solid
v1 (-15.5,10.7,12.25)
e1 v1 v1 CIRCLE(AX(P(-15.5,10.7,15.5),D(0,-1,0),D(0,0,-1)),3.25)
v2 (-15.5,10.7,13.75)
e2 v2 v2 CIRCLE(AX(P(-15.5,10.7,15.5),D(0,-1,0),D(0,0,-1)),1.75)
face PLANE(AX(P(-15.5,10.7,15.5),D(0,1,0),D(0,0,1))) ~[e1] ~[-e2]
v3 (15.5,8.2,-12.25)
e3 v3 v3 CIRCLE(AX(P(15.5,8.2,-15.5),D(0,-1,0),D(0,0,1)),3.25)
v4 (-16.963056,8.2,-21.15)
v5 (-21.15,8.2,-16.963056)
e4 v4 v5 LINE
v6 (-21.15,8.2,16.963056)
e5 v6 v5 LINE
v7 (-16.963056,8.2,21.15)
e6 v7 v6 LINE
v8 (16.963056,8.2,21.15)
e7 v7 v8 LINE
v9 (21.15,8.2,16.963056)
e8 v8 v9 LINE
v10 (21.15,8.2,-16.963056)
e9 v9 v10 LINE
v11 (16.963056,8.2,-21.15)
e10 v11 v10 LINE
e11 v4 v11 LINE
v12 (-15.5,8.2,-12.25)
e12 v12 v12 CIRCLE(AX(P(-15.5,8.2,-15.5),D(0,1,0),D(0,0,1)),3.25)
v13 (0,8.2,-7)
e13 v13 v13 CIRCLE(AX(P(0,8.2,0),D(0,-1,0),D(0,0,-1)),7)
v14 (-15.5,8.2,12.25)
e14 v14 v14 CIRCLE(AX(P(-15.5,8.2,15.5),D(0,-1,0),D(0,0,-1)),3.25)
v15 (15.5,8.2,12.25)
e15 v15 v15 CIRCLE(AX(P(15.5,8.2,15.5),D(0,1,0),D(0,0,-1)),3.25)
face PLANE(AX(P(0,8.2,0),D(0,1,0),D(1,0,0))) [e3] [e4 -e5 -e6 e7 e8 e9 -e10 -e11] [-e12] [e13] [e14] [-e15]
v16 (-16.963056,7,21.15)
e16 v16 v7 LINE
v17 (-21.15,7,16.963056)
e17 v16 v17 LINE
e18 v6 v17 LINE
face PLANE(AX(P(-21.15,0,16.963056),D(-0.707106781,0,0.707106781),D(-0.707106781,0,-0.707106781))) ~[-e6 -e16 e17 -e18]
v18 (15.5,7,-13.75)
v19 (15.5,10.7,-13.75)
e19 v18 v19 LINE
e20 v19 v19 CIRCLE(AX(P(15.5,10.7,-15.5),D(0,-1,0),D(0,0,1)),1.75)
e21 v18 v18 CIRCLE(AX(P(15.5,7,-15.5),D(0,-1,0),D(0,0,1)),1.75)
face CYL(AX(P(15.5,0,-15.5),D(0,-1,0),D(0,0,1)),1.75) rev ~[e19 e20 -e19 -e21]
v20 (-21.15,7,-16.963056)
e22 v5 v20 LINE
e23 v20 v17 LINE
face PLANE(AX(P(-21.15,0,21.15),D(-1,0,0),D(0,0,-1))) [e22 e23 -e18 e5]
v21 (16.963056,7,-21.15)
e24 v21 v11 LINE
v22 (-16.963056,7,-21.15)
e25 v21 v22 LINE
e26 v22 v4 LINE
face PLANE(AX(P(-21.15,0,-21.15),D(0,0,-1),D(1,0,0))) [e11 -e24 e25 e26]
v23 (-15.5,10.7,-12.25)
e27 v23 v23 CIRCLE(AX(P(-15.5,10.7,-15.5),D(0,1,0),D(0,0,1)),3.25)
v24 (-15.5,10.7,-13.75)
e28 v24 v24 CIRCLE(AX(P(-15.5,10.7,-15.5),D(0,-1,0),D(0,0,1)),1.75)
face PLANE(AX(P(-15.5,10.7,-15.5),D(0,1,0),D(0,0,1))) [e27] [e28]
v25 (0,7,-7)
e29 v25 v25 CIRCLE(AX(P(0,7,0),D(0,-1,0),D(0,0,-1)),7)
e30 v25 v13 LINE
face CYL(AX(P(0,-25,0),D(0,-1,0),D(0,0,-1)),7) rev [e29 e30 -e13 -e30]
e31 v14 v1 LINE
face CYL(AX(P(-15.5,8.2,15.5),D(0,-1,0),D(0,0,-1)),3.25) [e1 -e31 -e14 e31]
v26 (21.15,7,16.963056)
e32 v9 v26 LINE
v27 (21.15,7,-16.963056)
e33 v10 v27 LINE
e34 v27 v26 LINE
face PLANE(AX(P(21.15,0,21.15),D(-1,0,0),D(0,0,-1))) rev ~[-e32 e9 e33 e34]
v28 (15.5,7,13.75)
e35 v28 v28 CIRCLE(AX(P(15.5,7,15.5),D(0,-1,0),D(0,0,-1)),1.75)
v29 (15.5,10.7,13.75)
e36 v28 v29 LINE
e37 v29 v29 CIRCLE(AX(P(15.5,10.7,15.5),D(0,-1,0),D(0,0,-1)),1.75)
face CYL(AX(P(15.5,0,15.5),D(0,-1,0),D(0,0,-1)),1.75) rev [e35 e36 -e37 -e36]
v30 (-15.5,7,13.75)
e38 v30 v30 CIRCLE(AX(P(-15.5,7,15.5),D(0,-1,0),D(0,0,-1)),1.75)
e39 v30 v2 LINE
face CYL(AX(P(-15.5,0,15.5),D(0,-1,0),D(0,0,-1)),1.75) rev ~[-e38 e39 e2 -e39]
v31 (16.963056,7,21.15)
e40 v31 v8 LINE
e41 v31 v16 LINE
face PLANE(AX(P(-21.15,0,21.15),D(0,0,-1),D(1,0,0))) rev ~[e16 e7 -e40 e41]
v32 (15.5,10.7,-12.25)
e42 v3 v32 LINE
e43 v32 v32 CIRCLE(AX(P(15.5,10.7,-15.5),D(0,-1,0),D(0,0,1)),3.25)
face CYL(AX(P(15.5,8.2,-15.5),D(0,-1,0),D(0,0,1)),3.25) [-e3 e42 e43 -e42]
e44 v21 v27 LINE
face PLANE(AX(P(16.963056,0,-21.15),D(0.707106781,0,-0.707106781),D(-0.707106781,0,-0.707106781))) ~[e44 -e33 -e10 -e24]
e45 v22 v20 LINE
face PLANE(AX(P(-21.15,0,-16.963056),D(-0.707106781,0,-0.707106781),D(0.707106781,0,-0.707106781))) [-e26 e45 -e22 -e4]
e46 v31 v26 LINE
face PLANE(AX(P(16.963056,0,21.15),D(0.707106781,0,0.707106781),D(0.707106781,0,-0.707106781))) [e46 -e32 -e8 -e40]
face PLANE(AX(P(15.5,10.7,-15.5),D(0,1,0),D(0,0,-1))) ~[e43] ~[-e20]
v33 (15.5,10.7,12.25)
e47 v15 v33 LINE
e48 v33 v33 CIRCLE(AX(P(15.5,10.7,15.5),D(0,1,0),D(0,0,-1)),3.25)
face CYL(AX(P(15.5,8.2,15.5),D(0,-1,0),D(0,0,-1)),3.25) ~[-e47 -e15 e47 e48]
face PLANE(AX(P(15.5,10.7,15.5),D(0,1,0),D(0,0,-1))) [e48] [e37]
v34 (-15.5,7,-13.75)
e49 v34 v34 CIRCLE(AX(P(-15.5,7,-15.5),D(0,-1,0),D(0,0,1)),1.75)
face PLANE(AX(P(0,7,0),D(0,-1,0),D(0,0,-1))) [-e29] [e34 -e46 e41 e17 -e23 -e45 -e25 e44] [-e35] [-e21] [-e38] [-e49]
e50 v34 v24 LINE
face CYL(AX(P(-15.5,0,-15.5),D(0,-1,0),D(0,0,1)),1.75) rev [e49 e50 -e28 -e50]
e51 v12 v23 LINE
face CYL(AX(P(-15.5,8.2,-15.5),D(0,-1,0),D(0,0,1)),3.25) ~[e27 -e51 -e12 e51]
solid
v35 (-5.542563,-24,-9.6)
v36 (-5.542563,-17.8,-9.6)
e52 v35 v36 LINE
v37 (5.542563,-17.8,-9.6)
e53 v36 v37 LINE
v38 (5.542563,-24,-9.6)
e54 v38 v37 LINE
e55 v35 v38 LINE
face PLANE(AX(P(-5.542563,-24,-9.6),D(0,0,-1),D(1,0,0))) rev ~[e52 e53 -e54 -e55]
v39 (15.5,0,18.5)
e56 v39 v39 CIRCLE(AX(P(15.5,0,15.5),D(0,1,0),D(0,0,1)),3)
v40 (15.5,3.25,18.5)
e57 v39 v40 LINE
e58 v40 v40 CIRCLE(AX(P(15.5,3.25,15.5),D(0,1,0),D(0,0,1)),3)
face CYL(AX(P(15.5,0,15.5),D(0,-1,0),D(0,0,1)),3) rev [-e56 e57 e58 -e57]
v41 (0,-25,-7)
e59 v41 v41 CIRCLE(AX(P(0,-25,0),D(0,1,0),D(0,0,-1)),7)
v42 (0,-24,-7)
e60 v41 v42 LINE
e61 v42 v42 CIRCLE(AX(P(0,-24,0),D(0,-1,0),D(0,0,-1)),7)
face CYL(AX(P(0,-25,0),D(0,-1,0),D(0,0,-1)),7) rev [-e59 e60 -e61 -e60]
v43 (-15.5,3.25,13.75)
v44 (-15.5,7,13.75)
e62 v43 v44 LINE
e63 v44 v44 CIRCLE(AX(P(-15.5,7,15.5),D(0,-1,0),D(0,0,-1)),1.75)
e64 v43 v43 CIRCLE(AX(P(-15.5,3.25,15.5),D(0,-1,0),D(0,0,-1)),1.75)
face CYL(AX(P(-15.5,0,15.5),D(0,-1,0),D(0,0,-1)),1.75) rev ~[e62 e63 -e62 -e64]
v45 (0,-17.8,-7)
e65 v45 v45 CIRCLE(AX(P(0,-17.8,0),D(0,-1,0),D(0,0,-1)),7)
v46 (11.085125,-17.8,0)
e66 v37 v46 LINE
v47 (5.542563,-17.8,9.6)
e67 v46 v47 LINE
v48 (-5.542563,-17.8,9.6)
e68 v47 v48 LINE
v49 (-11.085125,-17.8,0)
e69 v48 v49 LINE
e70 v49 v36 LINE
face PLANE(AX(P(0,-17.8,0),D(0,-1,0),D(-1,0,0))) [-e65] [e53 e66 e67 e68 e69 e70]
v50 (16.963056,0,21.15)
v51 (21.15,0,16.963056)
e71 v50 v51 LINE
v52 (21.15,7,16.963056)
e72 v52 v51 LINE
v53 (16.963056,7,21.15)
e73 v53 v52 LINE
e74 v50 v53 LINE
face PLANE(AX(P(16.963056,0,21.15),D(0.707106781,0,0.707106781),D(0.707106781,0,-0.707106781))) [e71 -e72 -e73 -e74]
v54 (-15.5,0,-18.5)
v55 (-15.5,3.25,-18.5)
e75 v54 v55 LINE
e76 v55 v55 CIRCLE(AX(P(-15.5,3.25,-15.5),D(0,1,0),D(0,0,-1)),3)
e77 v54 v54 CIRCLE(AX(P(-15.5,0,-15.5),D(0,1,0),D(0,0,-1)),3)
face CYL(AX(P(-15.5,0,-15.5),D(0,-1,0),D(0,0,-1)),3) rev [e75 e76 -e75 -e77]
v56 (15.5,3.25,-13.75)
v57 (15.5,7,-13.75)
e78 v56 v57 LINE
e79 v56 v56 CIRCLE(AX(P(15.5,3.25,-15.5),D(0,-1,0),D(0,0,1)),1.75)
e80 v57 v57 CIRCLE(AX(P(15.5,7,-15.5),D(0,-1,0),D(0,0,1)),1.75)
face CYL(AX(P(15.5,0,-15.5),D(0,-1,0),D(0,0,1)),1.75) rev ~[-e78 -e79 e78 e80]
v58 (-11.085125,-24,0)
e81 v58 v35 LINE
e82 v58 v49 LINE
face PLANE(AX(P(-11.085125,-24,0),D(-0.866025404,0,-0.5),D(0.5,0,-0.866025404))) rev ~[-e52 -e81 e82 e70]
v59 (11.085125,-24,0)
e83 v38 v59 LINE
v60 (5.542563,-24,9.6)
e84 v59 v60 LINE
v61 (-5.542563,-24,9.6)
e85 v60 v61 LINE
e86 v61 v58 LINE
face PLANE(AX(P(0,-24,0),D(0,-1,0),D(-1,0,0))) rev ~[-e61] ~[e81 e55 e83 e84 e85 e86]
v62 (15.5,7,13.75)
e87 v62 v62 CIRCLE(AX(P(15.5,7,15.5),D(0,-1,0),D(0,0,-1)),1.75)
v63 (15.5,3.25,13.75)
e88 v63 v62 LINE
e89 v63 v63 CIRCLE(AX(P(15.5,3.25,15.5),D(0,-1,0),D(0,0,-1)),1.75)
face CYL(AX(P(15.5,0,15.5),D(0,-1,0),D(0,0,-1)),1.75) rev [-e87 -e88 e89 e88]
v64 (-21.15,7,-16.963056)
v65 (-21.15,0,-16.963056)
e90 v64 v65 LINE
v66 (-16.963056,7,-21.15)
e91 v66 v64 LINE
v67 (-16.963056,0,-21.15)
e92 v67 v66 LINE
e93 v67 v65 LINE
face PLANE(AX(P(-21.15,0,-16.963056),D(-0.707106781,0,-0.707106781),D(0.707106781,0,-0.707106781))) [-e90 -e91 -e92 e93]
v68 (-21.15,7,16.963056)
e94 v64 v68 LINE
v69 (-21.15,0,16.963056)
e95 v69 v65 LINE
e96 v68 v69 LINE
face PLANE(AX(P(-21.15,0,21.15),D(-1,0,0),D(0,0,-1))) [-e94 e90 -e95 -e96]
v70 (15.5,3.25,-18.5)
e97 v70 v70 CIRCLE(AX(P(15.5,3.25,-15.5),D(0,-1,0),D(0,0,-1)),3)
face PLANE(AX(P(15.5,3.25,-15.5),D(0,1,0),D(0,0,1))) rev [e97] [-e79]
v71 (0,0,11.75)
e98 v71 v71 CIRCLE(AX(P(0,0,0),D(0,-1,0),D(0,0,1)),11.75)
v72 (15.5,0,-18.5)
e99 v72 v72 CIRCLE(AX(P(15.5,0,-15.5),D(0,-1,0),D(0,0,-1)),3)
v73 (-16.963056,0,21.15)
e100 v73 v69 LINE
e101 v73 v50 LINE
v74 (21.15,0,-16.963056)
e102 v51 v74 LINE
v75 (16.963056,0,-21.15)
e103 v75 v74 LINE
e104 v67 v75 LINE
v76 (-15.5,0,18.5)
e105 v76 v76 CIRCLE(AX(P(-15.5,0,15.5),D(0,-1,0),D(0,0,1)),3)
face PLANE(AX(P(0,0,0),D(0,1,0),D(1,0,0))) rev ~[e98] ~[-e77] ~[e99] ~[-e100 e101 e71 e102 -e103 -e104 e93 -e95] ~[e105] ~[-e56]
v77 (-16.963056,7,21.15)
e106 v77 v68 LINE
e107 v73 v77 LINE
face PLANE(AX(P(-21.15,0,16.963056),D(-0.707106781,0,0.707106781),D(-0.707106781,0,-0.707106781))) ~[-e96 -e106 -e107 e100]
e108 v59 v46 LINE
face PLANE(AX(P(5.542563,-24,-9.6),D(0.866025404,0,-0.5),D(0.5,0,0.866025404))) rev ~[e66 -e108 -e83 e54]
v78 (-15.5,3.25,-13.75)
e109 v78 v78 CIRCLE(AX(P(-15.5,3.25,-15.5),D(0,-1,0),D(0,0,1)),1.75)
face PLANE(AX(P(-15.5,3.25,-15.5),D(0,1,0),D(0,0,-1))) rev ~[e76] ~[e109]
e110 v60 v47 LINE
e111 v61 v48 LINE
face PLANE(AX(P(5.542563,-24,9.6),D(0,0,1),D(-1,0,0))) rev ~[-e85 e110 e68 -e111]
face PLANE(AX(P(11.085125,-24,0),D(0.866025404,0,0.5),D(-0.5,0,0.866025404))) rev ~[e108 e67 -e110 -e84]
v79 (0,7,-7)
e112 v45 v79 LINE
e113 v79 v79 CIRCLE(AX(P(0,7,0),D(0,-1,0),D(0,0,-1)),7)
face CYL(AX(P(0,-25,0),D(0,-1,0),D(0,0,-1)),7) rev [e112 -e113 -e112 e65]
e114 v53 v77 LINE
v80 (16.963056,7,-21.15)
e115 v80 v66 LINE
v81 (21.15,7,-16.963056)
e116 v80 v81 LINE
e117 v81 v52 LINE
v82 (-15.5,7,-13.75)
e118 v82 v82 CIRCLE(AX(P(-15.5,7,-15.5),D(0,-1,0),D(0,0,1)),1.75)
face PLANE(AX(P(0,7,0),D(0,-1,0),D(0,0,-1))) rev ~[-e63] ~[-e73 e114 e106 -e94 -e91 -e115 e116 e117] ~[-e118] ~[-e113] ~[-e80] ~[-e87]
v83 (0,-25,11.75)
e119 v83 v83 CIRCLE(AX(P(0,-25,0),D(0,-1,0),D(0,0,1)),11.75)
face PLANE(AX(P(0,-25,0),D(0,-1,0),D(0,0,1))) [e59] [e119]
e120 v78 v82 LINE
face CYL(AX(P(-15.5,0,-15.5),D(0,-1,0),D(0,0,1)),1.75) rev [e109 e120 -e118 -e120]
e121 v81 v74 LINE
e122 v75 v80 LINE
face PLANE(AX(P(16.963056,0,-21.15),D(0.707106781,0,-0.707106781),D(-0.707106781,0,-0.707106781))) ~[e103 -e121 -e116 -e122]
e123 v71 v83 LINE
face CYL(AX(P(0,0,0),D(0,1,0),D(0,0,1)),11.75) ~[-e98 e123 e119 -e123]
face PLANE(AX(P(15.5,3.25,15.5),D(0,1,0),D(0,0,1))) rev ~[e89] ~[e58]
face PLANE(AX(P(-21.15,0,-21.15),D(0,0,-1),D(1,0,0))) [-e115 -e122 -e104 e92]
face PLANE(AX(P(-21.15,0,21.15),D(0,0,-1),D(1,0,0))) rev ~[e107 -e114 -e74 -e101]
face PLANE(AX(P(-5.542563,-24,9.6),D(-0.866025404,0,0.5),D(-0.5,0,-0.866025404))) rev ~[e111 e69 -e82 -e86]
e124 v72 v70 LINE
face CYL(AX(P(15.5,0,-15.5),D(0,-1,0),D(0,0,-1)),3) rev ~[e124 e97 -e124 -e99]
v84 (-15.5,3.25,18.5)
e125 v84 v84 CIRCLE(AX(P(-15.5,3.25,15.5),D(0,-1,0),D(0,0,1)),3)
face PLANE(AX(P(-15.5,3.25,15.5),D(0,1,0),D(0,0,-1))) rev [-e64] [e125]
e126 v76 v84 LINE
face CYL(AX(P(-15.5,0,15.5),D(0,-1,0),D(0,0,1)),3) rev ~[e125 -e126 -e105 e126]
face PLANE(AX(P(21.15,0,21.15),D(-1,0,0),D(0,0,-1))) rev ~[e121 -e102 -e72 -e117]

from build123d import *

# Parameters (mm, degrees)
SKETCH1_W               = 42.3
SKETCH1_H               = 42.3
BOSS_EXTRUDE1_DEPTH     = 8.2
CUT_EXTRUDE3_DEPTH      = 32.014270909
SKETCH6_R               = 3.25
BOSS_EXTRUDE2_DEPTH     = 2.5
SKETCH7_R               = 1.75
CUT_EXTRUDE6_DEPTH      = 32.766885274
SKETCH10_R              = 3
CUT_EXTRUDE9_DEPTH      = 3.25
MIRROR5_COPY_1_SKETCH_R = 3.25
MIRROR5_COPY_1_DEPTH    = 2.5
MIRROR5_COPY_2_SKETCH_R = 1.75
MIRROR5_COPY_2_DEPTH    = 32.766885274
MIRROR5_COPY_3_SKETCH_R = 3
MIRROR5_COPY_3_DEPTH    = 3.25
SKETCH11_R              = 11.75
BOSS_EXTRUDE3_DEPTH     = 25
CUT_EXTRUDE10_START     = -1
CUT_EXTRUDE10_DEPTH     = 6.2
SKETCH8_R               = 7
CUT_EXTRUDE11_DEPTH     = 47.573973419


with BuildPart() as part:
    # Sketch1 → Boss-Extrude1 (new body)
    with BuildSketch(Plane(origin=(0, 0, 0), x_dir=(1, 0, 0), z_dir=(0, 1, 0))):
        Rectangle(SKETCH1_W, SKETCH1_H)
    extrude(amount=BOSS_EXTRUDE1_DEPTH)

    # Sketch4 → Cut-Extrude3 (cut, symmetric)
    with BuildSketch(Plane(origin=(0, 0, 0), x_dir=(1, 0, 0), z_dir=(0, 1, 0))):
        Polygon((-21.15, 16.963055506), (-16.963055506, 21.15), (-21.15, 21.15), align=None)
        Polygon((16.963055506, -21.15), (21.15, -16.963055506), (21.15, -21.15), align=None)
    cut_extrude3 = extrude(amount=CUT_EXTRUDE3_DEPTH, both=True, mode=Mode.SUBTRACT)

    # Mirror1: Cut-Extrude3 across plane
    add(cut_extrude3.mirror(Plane.XY), mode=Mode.SUBTRACT)

    # Sketch6 → Boss-Extrude2 (add)
    with BuildSketch(Plane(origin=(0, 8.2, 0), x_dir=(1, 0, 0), z_dir=(0, 1, 0))):
        with Locations(Location((-15.5, 15.5, 0), (0, 0, 270))):
            Circle(SKETCH6_R)
    boss_extrude2 = extrude(amount=BOSS_EXTRUDE2_DEPTH)

    # Sketch7 → Cut-Extrude6 (cut, through all)
    with BuildSketch(Plane(origin=(0, 0, 0), x_dir=(1, 0, 0), z_dir=(0, 1, 0))):
        with Locations(Location((-15.5, 15.5, 0), (0, 0, 270))):
            Circle(SKETCH7_R)
    cut_extrude6 = extrude(amount=CUT_EXTRUDE6_DEPTH, mode=Mode.SUBTRACT)

    # Sketch10 → Cut-Extrude9 (cut)
    with BuildSketch(Plane(origin=(0, 0, 0), x_dir=(-1, 0, 0), z_dir=(0, 1, 0))):
        with Locations(Location((15.5, -15.5, 0), (0, 0, 270))):
            Circle(SKETCH10_R)
    cut_extrude9 = extrude(amount=CUT_EXTRUDE9_DEPTH, mode=Mode.SUBTRACT)

    # Mirror4: Boss-Extrude2, Cut-Extrude6, Cut-Extrude9 across plane
    add(boss_extrude2.mirror(Plane(origin=(0, 0, 0), x_dir=(0, 0, 1), z_dir=(1, 0, 0))))
    add(cut_extrude6.mirror(Plane(origin=(0, 0, 0), x_dir=(0, 0, 1), z_dir=(1, 0, 0))), mode=Mode.SUBTRACT)
    add(cut_extrude9.mirror(Plane(origin=(0, 0, 0), x_dir=(0, 0, 1), z_dir=(1, 0, 0))), mode=Mode.SUBTRACT)

    # Mirror5: Boss-Extrude2, Cut-Extrude6, Cut-Extrude9 across plane
    add(boss_extrude2.mirror(Plane.XY))
    add(cut_extrude6.mirror(Plane.XY), mode=Mode.SUBTRACT)
    add(cut_extrude9.mirror(Plane.XY), mode=Mode.SUBTRACT)

    # Mirror5 copy 1 sketch → Mirror5 copy 1 (add)
    with BuildSketch(Plane(origin=(0, 8.2, 0), x_dir=(-1, 0, 0), z_dir=(0, 1, 0))):
        with Locations(Location((-15.5, 15.5, 0), (0, 0, 270))):
            Circle(MIRROR5_COPY_1_SKETCH_R)
    extrude(amount=MIRROR5_COPY_1_DEPTH)

    # Mirror5 copy 2 sketch → Mirror5 copy 2 (cut, through all)
    with BuildSketch(Plane(origin=(0, 0, 0), x_dir=(-1, 0, 0), z_dir=(0, 1, 0))):
        with Locations(Location((-15.5, 15.5, 0), (0, 0, 270))):
            Circle(MIRROR5_COPY_2_SKETCH_R)
    extrude(amount=MIRROR5_COPY_2_DEPTH, mode=Mode.SUBTRACT)

    # Mirror5 copy 3 sketch → Mirror5 copy 3 (cut)
    with BuildSketch(Plane(origin=(0, 0, 0), x_dir=(1, 0, 0), z_dir=(0, 1, 0))):
        with Locations(Location((15.5, -15.5, 0), (0, 0, 270))):
            Circle(MIRROR5_COPY_3_SKETCH_R)
    extrude(amount=MIRROR5_COPY_3_DEPTH, mode=Mode.SUBTRACT)

    # Sketch11 → Boss-Extrude3 (add)
    with BuildSketch(Plane.XZ):
        with Locations(Location((0, 0, 0), (0, 0, 90))):
            Circle(SKETCH11_R)
    extrude(amount=BOSS_EXTRUDE3_DEPTH)

    # Sketch2 → Cut-Extrude10 (cut)
    with BuildSketch(Plane(origin=(0, -25, 0), x_dir=(-1, 0, 0), z_dir=(0, -1, 0)).offset(CUT_EXTRUDE10_START)):
        Polygon((11.085125168, 0), (5.542562584, 9.6), (-5.542562584, 9.6), (-11.085125168, 0), (-5.542562584, -9.6), (5.542562584, -9.6), align=None)
    extrude(amount=-CUT_EXTRUDE10_DEPTH, mode=Mode.SUBTRACT)

    # Sketch8 → Cut-Extrude11 (cut, through all)
    with BuildSketch(Plane(origin=(0, -25, 0), x_dir=(1, 0, 0), z_dir=(0, 1, 0))):
        with Locations(Location((0, 0, 0), (0, 0, 90))):
            Circle(SKETCH8_R)
    extrude(amount=CUT_EXTRUDE11_DEPTH, mode=Mode.SUBTRACT)


with BuildPart() as body_2:
    # Split1: the piece on the far side of the plane
    add(part.part)
    split(bisect_by=Plane(origin=(0, 7, 0), x_dir=(0, 0, -1), z_dir=(0, -1, 0)), keep=Keep.BOTTOM)


with BuildPart() as part_1:
    add(part.part)

    # Split1
    split(bisect_by=Plane(origin=(0, 7, 0), x_dir=(0, 0, -1), z_dir=(0, -1, 0)), keep=Keep.TOP)


solid = Compound([body_2.part, part_1.part])
